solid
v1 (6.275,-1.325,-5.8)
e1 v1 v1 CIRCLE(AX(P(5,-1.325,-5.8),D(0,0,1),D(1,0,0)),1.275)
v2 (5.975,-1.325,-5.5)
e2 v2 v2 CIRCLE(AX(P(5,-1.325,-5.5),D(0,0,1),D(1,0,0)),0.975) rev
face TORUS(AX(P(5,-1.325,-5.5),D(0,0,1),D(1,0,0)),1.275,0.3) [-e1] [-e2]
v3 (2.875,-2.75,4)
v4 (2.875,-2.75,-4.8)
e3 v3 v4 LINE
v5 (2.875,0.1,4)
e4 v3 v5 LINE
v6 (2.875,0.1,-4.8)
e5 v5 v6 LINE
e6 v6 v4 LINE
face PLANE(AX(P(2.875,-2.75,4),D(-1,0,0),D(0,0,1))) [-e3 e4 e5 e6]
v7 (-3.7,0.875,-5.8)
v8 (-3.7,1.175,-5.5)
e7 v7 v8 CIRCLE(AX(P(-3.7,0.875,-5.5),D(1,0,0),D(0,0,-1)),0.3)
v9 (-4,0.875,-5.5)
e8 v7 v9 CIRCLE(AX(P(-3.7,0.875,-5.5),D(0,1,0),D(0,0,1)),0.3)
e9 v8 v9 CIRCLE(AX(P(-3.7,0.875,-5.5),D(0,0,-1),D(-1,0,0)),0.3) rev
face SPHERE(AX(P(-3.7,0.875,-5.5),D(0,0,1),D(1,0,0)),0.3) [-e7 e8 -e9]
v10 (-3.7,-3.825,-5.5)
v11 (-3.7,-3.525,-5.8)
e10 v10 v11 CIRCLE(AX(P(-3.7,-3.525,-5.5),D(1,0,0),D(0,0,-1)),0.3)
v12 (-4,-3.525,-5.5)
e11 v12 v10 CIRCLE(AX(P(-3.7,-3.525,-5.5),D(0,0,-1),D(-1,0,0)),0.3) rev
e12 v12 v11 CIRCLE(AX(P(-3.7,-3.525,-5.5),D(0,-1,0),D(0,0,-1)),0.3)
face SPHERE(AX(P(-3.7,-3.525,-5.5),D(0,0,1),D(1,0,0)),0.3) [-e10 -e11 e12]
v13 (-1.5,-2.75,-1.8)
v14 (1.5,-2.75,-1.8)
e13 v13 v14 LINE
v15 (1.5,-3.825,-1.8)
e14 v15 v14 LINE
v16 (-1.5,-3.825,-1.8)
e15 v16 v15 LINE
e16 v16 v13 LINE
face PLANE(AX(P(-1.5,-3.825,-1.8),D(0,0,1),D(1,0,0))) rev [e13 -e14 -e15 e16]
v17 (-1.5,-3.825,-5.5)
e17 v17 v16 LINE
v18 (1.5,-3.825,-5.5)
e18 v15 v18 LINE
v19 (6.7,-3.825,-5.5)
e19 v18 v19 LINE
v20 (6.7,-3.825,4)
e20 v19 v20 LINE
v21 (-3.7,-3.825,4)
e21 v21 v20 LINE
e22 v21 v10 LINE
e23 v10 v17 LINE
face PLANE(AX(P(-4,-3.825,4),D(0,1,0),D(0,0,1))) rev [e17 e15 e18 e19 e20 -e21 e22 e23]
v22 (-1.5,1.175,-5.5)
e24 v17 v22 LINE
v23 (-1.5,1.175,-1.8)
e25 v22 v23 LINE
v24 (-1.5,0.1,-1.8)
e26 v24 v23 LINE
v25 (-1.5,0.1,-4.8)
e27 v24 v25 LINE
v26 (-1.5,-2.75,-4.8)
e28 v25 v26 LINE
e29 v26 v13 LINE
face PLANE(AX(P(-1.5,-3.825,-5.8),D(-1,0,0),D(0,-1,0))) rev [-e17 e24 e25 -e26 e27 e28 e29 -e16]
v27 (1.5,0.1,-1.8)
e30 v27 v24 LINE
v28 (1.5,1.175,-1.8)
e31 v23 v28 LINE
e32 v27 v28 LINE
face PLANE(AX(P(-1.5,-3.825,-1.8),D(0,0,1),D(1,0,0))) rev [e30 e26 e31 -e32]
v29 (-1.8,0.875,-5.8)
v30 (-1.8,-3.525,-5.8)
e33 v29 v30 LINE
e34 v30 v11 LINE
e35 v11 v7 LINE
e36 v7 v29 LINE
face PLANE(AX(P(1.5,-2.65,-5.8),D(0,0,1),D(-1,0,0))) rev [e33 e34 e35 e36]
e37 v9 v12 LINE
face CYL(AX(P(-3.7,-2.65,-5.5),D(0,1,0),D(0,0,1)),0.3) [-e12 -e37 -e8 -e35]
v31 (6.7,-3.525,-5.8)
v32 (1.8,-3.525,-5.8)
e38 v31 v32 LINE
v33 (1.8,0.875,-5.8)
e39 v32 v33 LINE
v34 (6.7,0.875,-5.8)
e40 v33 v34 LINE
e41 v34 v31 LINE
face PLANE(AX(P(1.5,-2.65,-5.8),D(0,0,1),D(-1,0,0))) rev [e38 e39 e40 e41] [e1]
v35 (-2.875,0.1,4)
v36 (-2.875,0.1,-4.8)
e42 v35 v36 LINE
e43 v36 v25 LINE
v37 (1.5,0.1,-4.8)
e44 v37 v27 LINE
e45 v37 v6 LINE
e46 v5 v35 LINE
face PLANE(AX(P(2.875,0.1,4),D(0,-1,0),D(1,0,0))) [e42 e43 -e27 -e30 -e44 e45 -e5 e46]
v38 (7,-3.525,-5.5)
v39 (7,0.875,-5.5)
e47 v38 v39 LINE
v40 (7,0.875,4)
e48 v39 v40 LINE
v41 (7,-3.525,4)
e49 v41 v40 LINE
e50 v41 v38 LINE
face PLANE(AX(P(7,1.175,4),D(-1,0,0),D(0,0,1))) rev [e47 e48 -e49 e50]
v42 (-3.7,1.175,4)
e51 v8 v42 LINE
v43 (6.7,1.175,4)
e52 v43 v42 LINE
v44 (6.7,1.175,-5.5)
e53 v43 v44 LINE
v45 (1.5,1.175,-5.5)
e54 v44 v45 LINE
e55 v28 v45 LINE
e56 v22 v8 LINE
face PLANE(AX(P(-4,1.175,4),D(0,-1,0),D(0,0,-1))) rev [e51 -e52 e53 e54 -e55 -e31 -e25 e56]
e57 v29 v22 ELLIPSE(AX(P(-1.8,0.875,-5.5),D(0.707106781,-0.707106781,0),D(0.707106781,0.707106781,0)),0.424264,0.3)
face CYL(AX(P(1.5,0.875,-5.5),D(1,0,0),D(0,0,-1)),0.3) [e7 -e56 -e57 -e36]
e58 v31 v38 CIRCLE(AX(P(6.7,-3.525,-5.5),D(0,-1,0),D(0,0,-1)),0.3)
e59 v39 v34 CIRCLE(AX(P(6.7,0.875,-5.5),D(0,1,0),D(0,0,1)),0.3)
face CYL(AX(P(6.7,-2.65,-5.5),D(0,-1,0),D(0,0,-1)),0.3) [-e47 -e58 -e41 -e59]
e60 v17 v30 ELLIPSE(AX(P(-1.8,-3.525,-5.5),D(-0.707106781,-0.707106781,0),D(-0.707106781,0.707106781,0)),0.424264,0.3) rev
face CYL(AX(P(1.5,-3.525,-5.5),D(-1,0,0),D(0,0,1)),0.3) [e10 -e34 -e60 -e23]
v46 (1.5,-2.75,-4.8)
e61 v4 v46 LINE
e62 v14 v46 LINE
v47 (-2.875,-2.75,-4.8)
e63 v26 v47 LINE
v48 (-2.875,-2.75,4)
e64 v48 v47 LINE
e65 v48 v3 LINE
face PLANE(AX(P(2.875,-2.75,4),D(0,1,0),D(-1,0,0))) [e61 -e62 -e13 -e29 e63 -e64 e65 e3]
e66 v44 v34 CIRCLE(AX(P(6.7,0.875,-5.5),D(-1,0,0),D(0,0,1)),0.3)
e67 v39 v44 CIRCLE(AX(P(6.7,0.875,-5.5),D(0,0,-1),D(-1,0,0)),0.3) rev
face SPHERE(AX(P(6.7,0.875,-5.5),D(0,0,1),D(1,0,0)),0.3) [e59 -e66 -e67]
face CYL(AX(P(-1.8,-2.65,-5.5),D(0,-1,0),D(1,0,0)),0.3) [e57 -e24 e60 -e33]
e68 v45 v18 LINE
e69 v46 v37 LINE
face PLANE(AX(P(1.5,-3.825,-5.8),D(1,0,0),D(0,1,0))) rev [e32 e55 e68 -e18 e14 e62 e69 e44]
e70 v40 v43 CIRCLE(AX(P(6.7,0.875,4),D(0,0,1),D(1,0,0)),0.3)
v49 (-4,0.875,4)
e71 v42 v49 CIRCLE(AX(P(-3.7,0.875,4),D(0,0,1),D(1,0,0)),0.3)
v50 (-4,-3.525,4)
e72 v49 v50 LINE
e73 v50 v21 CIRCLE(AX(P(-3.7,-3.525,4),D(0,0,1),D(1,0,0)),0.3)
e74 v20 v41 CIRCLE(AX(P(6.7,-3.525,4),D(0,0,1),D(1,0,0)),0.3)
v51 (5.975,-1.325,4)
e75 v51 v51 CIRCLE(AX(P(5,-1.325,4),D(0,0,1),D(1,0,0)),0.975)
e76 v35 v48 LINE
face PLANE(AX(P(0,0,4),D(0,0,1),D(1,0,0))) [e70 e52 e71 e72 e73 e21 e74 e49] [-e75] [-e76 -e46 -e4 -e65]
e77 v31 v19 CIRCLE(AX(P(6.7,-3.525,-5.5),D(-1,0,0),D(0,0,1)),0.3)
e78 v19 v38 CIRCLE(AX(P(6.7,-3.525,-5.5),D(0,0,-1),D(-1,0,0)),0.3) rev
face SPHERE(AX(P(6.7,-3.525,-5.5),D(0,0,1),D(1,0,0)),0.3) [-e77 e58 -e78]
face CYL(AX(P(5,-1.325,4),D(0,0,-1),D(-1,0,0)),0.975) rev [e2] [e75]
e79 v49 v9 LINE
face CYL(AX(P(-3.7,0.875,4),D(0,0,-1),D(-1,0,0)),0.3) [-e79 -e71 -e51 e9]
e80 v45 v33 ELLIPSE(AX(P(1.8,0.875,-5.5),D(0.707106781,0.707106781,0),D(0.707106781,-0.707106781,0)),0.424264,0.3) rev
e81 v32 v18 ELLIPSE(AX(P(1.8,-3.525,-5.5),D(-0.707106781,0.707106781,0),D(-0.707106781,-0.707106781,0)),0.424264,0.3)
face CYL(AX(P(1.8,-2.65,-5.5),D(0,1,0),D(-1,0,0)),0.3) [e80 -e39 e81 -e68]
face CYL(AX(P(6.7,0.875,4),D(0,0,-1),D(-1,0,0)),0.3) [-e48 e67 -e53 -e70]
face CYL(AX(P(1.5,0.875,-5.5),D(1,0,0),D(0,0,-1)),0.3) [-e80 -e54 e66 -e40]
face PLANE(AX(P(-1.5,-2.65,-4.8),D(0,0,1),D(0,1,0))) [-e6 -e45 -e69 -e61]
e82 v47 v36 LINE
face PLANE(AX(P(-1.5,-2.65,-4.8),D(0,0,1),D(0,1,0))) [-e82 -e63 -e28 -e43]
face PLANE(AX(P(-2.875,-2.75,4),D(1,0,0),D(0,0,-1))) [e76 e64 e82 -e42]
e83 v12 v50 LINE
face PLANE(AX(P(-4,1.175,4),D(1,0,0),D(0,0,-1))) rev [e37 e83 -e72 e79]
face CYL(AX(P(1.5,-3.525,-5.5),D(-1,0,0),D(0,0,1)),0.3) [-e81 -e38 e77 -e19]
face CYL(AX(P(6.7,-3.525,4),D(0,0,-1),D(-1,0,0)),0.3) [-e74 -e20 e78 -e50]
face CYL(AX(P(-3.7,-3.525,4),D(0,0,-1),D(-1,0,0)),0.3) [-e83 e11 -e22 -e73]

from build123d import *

# Parameters (mm, degrees)
BOSS_EXTRUDE1_DEPTH      = 4
BOSS_EXTRUDE1_DEPTH_BACK = 5.8
SKETCH1_W                = 11
SKETCH1_H                = 5
SKETCH1_R                = 0.975
SKETCH1_W_2              = 5.75
SKETCH1_H_2              = 2.85
CUT_EXTRUDE1_DEPTH       = 10.901799079
CUT_EXTRUDE1_DEPTH_BACK  = 10.901799079
SKETCH3_W                = 3
SKETCH3_H                = 4
SKETCH4_W                = 1.375
SKETCH4_H                = 2.85
BOSS_EXTRUDE3_DEPTH      = 1
FILLET1_R                = 0.3
FILLET2_R                = 0.3


with BuildPart() as part:
    # Sketch1 → Boss-Extrude1 (new, two sides: drawn at the far end of the back side and taken through both)
    with BuildSketch(Plane.XY.offset(-BOSS_EXTRUDE1_DEPTH_BACK)):
        with Locations((1.5, -1.325)):
            Rectangle(SKETCH1_W, SKETCH1_H)
        with Locations((5, -1.325)):
            Circle(SKETCH1_R, mode=Mode.SUBTRACT)
        with Locations((0, -1.325)):
            Rectangle(SKETCH1_W_2, SKETCH1_H_2, mode=Mode.SUBTRACT)
    extrude(amount=BOSS_EXTRUDE1_DEPTH + BOSS_EXTRUDE1_DEPTH_BACK)

    # Sketch3 → Cut-Extrude1 (cut, two sides: drawn at the far end of the back side and taken through both)
    with BuildSketch(Plane(origin=(0, -2.75, 0), x_dir=(1, 0, 0), z_dir=(0, 1, 0)).offset(-CUT_EXTRUDE1_DEPTH_BACK)):
        with Locations((0, 3.8)):
            Rectangle(SKETCH3_W, SKETCH3_H)
    extrude(amount=CUT_EXTRUDE1_DEPTH + CUT_EXTRUDE1_DEPTH_BACK, mode=Mode.SUBTRACT)

    # Sketch4 → Boss-Extrude3 (add)
    with BuildSketch(Plane(origin=(0, 0, -5.8), x_dir=(-1, 0, 0), z_dir=(0, 0, -1))):
        with Locations((-2.1875, -1.325)):
            Rectangle(SKETCH4_W, SKETCH4_H)
        with Locations((2.1875, -1.325)):
            Rectangle(SKETCH4_W, SKETCH4_H)
    extrude(amount=-BOSS_EXTRUDE3_DEPTH)

    # Fillet1
    fillet1_edges = [part.edges().sort_by_distance(p)[0] for p in [
        (-4, 1.175, -0.9),
        (7, 1.175, -0.9),
        (7, -3.825, -0.9),
        (-4, -3.825, -0.9),
    ]]
    fillet(fillet1_edges, radius=FILLET1_R)

    # Fillet2
    fillet2_edges = [part.edges().sort_by_distance(p)[0] for p in [
        (-2.6, 1.175, -5.8),
        (4.1, -3.825, -5.8),
        (7, -1.325, -5.8),
        (6.912132034, -3.737132034, -5.8),
        (6.912132034, 1.087132034, -5.8),
        (-4, -1.325, -5.8),
        (-3.912132034, 1.087132034, -5.8),
        (-3.912132034, -3.737132034, -5.8),
        (4.025, -1.325, -5.8),
        (4.1, 1.175, -5.8),
        (-2.6, -3.825, -5.8),
        (1.5, -1.325, -5.8),
        (-1.5, -1.325, -5.8),
    ]]
    fillet(fillet2_edges, radius=FILLET2_R)


solid = part.part
